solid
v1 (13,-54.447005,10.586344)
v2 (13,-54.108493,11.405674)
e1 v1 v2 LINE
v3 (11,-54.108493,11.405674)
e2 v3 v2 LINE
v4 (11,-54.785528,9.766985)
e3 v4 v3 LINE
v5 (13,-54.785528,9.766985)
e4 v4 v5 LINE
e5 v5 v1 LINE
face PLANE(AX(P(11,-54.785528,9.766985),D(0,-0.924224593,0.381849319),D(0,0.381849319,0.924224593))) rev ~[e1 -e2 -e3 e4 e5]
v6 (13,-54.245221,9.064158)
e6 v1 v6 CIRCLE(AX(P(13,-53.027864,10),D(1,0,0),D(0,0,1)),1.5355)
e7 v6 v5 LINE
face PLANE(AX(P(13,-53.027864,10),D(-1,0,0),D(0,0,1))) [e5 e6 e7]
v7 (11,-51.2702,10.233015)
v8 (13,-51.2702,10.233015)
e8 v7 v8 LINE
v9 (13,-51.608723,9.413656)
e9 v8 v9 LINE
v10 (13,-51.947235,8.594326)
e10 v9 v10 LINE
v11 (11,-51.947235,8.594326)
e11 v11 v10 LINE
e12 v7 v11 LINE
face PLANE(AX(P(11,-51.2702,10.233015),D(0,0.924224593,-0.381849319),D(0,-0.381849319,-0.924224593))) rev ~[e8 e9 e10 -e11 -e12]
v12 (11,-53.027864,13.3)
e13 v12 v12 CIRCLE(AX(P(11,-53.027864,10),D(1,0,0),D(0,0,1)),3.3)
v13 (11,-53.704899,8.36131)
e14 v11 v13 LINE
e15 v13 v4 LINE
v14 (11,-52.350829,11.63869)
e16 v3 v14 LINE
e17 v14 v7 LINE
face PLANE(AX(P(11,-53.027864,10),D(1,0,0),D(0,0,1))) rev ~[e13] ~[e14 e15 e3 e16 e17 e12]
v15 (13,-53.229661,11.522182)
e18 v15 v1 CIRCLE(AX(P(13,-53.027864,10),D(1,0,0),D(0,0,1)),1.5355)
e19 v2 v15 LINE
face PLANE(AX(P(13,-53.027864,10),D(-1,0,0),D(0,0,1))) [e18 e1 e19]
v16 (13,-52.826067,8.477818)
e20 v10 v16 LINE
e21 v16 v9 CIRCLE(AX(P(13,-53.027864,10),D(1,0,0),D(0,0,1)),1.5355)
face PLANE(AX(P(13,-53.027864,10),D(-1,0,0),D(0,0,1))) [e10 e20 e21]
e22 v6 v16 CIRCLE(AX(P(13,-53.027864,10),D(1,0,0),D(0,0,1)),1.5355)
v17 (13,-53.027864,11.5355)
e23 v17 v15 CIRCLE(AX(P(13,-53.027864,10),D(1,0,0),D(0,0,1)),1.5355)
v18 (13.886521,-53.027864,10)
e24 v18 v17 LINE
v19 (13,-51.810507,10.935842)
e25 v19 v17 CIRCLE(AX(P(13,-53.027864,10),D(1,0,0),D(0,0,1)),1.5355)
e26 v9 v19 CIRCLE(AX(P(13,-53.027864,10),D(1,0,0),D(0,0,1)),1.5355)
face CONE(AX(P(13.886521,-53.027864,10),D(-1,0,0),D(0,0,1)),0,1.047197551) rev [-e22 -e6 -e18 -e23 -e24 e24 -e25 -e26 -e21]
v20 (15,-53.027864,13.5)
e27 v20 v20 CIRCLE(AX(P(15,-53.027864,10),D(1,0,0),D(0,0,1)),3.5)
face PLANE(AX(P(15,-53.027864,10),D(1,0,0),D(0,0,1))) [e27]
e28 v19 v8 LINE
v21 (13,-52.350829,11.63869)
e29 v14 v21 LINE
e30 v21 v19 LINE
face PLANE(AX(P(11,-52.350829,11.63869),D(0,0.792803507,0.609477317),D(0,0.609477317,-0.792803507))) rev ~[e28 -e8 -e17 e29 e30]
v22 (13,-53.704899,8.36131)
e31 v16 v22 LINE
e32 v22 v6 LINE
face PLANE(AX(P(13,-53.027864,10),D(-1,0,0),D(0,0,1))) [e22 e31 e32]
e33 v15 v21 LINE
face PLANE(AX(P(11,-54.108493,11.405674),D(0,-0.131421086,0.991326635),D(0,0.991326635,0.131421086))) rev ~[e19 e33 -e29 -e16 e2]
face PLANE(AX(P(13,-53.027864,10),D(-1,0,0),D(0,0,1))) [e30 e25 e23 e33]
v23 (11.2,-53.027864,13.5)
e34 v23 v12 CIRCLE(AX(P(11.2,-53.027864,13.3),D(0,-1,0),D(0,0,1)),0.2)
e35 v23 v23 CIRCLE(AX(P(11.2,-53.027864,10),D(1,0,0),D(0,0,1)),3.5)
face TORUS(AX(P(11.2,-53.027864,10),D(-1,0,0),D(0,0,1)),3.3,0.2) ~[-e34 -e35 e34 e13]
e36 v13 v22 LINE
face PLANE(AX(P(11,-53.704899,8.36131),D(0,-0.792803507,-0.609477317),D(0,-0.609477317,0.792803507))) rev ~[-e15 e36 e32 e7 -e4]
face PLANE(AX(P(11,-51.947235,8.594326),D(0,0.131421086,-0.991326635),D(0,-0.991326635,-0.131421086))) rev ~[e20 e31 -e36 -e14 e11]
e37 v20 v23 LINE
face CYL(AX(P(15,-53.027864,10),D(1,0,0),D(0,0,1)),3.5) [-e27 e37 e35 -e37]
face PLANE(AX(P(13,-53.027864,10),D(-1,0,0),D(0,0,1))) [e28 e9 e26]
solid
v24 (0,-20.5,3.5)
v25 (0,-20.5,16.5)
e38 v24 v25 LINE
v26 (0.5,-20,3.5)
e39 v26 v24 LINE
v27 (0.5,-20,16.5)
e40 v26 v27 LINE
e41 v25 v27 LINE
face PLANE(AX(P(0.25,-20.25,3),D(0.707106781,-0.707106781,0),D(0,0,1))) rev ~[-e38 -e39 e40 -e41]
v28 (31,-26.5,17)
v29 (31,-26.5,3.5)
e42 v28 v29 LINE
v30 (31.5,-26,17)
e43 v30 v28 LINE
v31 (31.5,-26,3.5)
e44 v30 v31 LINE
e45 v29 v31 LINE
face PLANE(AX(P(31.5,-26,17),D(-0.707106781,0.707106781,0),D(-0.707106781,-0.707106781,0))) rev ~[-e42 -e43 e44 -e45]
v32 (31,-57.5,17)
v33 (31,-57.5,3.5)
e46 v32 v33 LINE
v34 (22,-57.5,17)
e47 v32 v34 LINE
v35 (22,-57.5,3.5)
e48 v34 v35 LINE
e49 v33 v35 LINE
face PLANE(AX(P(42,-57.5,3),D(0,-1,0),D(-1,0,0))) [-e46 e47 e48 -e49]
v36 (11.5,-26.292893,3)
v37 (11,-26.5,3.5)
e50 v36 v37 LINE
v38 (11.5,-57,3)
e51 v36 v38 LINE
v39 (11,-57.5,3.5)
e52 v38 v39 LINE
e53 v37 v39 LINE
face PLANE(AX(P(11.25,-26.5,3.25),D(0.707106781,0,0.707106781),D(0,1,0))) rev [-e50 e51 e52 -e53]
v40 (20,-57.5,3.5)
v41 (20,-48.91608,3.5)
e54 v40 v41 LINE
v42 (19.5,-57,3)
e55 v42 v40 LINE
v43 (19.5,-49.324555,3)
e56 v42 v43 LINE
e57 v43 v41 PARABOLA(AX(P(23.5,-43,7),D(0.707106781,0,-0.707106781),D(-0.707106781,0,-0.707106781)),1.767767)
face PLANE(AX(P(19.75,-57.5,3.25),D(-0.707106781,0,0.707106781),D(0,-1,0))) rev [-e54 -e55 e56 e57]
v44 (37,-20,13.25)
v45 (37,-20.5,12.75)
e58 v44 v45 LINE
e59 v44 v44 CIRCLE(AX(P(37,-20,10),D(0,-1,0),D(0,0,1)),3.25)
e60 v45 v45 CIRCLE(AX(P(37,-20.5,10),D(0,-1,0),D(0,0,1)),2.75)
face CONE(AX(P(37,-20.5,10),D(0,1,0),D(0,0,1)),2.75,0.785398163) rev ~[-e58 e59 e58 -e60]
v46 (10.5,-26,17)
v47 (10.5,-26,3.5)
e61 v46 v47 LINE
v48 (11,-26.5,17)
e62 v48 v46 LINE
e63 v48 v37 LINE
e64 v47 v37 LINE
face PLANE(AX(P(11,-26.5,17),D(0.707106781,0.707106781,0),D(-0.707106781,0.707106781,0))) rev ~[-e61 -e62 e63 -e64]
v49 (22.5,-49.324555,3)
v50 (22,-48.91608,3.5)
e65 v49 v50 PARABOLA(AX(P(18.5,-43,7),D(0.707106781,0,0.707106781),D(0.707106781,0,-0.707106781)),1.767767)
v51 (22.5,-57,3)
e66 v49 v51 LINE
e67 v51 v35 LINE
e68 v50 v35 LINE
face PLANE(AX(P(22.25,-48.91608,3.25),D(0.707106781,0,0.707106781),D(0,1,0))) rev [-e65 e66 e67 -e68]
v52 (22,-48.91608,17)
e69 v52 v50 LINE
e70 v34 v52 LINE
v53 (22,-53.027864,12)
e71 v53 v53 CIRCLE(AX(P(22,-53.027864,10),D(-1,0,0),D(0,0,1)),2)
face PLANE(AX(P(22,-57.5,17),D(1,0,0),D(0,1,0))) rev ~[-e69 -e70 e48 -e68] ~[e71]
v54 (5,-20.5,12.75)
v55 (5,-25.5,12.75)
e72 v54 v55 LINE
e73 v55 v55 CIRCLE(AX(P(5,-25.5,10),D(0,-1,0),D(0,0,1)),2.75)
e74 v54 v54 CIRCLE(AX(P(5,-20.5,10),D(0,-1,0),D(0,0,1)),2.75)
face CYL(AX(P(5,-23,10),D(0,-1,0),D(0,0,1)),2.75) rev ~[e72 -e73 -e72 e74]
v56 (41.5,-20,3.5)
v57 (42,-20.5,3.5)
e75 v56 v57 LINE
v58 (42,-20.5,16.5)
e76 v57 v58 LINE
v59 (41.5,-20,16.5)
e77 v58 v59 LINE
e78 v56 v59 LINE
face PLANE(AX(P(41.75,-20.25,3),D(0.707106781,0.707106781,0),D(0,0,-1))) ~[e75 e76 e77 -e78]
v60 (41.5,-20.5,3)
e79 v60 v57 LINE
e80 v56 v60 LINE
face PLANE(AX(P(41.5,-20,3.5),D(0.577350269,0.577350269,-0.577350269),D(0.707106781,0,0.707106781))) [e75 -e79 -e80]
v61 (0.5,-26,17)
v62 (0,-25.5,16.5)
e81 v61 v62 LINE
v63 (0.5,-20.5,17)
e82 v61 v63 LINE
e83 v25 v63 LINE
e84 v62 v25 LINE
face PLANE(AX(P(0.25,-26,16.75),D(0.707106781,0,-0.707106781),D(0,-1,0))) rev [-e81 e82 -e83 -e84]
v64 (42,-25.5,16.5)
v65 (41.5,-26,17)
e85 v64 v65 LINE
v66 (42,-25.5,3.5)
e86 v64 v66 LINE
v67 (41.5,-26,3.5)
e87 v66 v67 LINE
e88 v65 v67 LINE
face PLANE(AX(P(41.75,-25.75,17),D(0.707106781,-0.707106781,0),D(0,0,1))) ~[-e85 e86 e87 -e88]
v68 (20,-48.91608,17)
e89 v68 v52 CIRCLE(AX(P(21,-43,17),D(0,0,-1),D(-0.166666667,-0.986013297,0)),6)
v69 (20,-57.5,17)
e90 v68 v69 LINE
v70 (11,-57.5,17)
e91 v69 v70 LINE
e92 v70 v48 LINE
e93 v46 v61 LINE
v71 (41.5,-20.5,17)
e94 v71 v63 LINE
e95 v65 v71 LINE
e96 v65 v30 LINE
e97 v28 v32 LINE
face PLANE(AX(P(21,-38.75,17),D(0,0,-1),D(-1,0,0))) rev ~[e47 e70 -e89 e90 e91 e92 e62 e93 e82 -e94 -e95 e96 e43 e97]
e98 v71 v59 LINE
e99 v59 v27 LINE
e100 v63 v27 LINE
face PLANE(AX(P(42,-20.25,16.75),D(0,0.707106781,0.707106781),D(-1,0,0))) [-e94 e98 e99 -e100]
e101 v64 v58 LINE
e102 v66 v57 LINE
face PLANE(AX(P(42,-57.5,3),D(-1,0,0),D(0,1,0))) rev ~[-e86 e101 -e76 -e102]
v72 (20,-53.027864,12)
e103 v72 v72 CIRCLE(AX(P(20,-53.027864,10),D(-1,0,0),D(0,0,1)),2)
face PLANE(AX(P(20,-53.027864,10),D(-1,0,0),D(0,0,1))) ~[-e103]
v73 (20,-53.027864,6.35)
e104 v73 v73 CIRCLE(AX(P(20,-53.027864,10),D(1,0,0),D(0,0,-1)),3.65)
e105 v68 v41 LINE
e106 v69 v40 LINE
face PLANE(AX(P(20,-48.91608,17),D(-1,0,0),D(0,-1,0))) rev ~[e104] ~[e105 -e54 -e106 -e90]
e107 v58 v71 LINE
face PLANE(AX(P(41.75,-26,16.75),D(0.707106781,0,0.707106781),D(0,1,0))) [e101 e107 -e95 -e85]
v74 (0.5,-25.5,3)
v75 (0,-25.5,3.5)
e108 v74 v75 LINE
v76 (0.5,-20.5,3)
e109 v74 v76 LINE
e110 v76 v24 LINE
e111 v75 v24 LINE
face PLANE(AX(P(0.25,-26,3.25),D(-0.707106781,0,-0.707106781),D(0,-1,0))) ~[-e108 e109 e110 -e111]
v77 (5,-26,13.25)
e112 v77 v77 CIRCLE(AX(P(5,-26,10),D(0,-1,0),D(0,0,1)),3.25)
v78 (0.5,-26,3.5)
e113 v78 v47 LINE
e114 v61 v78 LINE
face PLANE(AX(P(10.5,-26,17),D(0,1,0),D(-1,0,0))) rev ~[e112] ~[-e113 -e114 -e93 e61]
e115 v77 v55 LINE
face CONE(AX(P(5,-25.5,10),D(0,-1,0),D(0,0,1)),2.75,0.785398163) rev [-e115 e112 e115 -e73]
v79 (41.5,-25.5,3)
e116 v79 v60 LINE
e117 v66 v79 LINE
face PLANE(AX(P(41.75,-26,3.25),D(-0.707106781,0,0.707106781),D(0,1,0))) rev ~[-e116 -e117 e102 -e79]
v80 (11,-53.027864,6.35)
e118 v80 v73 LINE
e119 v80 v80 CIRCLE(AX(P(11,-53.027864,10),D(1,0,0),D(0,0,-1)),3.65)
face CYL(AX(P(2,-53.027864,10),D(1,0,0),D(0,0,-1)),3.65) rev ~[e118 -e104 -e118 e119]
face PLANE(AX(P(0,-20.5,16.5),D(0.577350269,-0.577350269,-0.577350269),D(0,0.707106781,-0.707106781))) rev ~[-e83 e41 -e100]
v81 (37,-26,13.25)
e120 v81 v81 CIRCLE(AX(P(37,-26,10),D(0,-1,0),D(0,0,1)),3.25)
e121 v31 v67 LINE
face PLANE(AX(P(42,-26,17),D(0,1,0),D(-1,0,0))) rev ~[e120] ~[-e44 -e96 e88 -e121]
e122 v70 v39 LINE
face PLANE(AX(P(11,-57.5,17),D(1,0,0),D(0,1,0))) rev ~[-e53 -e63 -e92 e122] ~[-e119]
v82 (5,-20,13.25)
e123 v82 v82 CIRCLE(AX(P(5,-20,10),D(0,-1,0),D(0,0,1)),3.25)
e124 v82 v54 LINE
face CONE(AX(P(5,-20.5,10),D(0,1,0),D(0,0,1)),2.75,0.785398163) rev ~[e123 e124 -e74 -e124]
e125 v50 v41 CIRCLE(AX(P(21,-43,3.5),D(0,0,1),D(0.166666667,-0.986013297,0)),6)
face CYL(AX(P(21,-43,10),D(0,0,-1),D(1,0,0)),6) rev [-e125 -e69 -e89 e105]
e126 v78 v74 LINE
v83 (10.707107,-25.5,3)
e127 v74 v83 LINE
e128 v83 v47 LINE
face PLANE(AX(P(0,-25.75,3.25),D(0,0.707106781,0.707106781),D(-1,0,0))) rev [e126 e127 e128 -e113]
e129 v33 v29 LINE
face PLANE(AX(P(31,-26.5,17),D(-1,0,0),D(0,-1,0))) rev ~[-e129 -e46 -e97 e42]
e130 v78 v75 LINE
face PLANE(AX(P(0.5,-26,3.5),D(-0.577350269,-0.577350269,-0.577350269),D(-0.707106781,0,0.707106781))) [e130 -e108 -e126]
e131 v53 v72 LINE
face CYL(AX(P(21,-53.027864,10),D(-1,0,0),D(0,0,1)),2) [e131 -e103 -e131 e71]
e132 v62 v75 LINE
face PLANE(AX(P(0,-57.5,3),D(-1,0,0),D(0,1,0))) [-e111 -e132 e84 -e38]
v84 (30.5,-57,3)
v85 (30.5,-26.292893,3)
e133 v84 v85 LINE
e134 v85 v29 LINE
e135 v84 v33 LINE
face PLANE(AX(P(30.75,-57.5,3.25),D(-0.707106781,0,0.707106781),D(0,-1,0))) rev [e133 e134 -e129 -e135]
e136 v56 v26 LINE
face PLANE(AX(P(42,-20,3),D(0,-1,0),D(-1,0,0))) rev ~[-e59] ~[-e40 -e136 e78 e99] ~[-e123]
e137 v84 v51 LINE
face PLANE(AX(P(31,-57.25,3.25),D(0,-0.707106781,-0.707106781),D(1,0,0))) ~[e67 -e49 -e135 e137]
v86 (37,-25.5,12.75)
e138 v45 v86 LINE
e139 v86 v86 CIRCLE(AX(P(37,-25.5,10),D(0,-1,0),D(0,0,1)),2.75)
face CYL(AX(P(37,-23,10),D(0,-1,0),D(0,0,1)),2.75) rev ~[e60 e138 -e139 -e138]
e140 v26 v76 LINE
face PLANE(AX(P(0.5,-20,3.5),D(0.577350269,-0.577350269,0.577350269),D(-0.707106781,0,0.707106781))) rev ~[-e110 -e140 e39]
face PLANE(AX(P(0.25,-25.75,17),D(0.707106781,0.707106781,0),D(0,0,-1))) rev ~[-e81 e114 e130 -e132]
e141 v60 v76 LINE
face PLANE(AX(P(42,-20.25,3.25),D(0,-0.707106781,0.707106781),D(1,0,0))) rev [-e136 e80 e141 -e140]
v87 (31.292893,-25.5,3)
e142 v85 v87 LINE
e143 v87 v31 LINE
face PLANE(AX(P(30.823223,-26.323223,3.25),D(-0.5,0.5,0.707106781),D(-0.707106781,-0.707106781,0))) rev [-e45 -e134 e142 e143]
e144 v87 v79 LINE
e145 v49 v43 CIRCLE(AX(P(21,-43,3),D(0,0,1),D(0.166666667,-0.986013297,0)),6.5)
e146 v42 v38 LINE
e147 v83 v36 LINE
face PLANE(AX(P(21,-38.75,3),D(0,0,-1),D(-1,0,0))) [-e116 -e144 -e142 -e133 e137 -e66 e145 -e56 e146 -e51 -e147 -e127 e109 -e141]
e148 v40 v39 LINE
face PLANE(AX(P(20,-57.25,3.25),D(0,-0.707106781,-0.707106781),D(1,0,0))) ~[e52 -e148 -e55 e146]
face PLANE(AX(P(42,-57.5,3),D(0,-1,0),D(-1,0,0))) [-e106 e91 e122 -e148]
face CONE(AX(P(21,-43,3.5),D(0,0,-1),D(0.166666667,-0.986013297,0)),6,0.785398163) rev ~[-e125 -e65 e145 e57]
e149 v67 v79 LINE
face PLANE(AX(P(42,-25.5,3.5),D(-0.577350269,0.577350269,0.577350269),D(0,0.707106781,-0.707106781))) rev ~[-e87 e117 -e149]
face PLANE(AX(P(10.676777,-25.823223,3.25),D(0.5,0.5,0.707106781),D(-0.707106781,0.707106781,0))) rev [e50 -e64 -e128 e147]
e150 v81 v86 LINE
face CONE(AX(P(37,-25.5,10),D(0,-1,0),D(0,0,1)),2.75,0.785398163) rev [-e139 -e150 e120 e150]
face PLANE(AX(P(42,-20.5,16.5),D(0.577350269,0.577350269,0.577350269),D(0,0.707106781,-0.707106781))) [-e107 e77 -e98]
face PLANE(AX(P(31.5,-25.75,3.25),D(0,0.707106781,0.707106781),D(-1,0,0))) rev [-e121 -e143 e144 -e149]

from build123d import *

# Parameters (mm, degrees)
SKETCH1_W                           = 42
SKETCH1_H                           = 37.5
BOSS_EXTRUDE1_DEPTH                 = 14
CUT_EXTRUDE1_DEPTH                  = 73.568932747
CUT_EXTRUDE2_DEPTH                  = 73.568932747
CUT_EXTRUDE3_DEPTH                  = 73.568932747
F_7_3_7_3_DIAMETER_HOLE1_D          = 7.3
F_7_3_7_3_DIAMETER_HOLE1_DEPTH      = 9
SKETCH7_R                           = 3.5
BOSS_EXTRUDE2_DEPTH                 = 4
CUT_EXTRUDE4_DEPTH                  = 2
SKETCH9_W                           = 6
SKETCH9_H                           = 14
SKETCH11_W                          = 2
SKETCH11_H                          = 2
SKETCH12_W                          = 2.75
SKETCH12_H                          = 6
F_5_5_5_5_DIAMETER_HOLE1_AT_2_COUNT = 2
F_5_5_5_5_DIAMETER_HOLE1_AT_2_PITCH = 32
CHAMFER1_SIZE                       = 0.5
FILLET1_R                           = 0.2


with BuildPart() as part:
    # Sketch1 → Boss-Extrude1 (new body)
    with BuildSketch(Plane(origin=(0, 0, 3), x_dir=(-1, 0, 0), z_dir=(0, 0, -1))):
        with Locations((-21, -38.75)):
            Rectangle(SKETCH1_W, SKETCH1_H)
    extrude(amount=-BOSS_EXTRUDE1_DEPTH)

    # Sketch2 → Cut-Extrude1 (cut, through all)
    with BuildSketch(Plane.XY.offset(17)):
        Polygon((31, -26.5), (31, -57.5), (42, -57.5), (42, -26), (31.5, -26), align=None)
    extrude(amount=-CUT_EXTRUDE1_DEPTH, mode=Mode.SUBTRACT)

    # Sketch3 → Cut-Extrude2 (cut, through all)
    with BuildSketch(Plane.XY.offset(17)):
        with BuildLine():
            Line((20, -57.5), (22, -57.5))
            Line((22, -57.5), (22, -48.916079783))
            ThreePointArc((22, -48.916079783), (21, -49), (20, -48.916079783))
            Line((20, -48.916079783), (20, -57.5))
        make_face()
    extrude(amount=-CUT_EXTRUDE2_DEPTH, mode=Mode.SUBTRACT)

    # Sketch4 → Cut-Extrude3 (cut, through all)
    with BuildSketch(Plane.XY.offset(17)):
        Polygon((11, -26.5), (10.5, -26), (0, -26), (0, -57.5), (11, -57.5), align=None)
    extrude(amount=-CUT_EXTRUDE3_DEPTH, mode=Mode.SUBTRACT)

    # Ø7.3 (7.3) Diameter Hole1
    with Locations(Plane.ZY.offset(-11)):
        with Locations((10, -53.027864045)):
            Hole(F_7_3_7_3_DIAMETER_HOLE1_D / 2, depth=F_7_3_7_3_DIAMETER_HOLE1_DEPTH)

    # Sketch9 → Cut-Revolve1 (revolve, cut)
    with BuildSketch(Plane(origin=(0, -43, 0), x_dir=(1, 0, 0), z_dir=(0, 1, 0))):
        with Locations((24, -10)):
            Rectangle(SKETCH9_W, SKETCH9_H)
    revolve(axis=Axis((21, -43, 3), (0, 0, 1)), mode=Mode.SUBTRACT)

    # Sketch11 → Revolve1 (revolve)
    with BuildSketch(Plane(origin=(0, 0, 10), x_dir=(-1, 0, 0), z_dir=(0, 0, -1)), mode=Mode.PRIVATE) as revolve1_sk:
        with Locations((-21, -52.027864045)):
            Rectangle(SKETCH11_W, SKETCH11_H)
    revolve(revolve1_sk.sketch.rotate(Axis((22, -53.027864045, 10), (-1, 0, 0)), 270), axis=Axis((22, -53.027864045, 10), (-1, 0, 0)))

    # Sketch12 → Ø5.5 (5.5) Diameter Hole1 (revolve, cut)
    with BuildSketch(Plane(origin=(37, -20, 10), x_dir=(0, 0, 1), z_dir=(1, 0, 0))):
        with Locations((1.375, 3)):
            Rectangle(SKETCH12_W, SKETCH12_H)
    f_5_5_5_5_diameter_hole1 = revolve(axis=Axis((37, -13.65, 10), (0, -1, 0)), mode=Mode.SUBTRACT)

    # Ø5.5 (5.5) Diameter Hole1 at 2: Ø5.5 (5.5) Diameter Hole1 ×2
    with Locations(*[(-i * F_5_5_5_5_DIAMETER_HOLE1_AT_2_PITCH, 0, 0) for i in range(1, F_5_5_5_5_DIAMETER_HOLE1_AT_2_COUNT)]):
        add(f_5_5_5_5_diameter_hole1, mode=Mode.SUBTRACT)

    # Chamfer1
    chamfer1_edges = [part.edges().sort_by_distance(p)[0] for p in [
        (37, -20, 7.25),
        (37, -26, 7.25),
        (26.5, -57.5, 3),
        (31.25, -26.25, 3),
        (36.75, -26, 3),
        (42, -26, 10),
        (31, -42, 3),
        (15.5, -57.5, 3),
        (20, -53.208039892, 3),
        (22, -53.208039892, 3),
        (21, -20, 17),
        (0, -23, 3),
        (0, -23, 17),
        (11, -42, 3),
        (42, -23, 3),
        (5.25, -26, 3),
        (0, -26, 10),
        (10.75, -26.25, 3),
        (21, -20, 3),
        (42, -23, 17),
        (0, -20, 10),
        (42, -20, 10),
        (21, -37, 3),
        (5, -20, 7.25),
        (5, -26, 7.25),
    ]]
    chamfer(chamfer1_edges, length=CHAMFER1_SIZE)


with BuildPart() as body_2:
    # Sketch7 → Boss-Extrude2 (new body)
    with BuildSketch(Plane(origin=(15, 0, 0), x_dir=(0, 0, -1), z_dir=(1, 0, 0))):
        with Locations(Location((-10, -53.027864045, 0), (0, 0, 180))):
            Circle(SKETCH7_R)
    extrude(amount=-BOSS_EXTRUDE2_DEPTH)

    # Sketch8 → Cut-Extrude4 (cut)
    with BuildSketch(Plane.ZY.offset(-11)):
        Polygon((11.405674452, -54.108493338), (11.638689646, -52.350828907), (10.233015194, -51.270199614), (8.594325548, -51.947234752), (8.361310354, -53.704899183), (9.766984806, -54.785528476), align=None)
    extrude(amount=-CUT_EXTRUDE4_DEPTH, mode=Mode.SUBTRACT)

    # Sketch10 → Cut-Revolve2 (revolve, cut)
    with BuildSketch(Plane.XY.offset(10), mode=Mode.PRIVATE) as cut_revolve2_sk:
        Polygon((12.999999999, -51.492364045), (12.999999999, -53.027864045), (13.886521338, -53.027864045), align=None)
    revolve(cut_revolve2_sk.sketch.rotate(Axis((12.999974999, -53.027864045, 10), (1, 0, 0)), 90), axis=Axis((12.999974999, -53.027864045, 10), (1, 0, 0)), mode=Mode.SUBTRACT)

    # Fillet1
    fillet1_edges = [body_2.edges().sort_by_distance(p)[0] for p in [
        (11, -53.027864045, 6.5),
    ]]
    fillet(fillet1_edges, radius=FILLET1_R)


solid = Compound([part.part, body_2.part])
